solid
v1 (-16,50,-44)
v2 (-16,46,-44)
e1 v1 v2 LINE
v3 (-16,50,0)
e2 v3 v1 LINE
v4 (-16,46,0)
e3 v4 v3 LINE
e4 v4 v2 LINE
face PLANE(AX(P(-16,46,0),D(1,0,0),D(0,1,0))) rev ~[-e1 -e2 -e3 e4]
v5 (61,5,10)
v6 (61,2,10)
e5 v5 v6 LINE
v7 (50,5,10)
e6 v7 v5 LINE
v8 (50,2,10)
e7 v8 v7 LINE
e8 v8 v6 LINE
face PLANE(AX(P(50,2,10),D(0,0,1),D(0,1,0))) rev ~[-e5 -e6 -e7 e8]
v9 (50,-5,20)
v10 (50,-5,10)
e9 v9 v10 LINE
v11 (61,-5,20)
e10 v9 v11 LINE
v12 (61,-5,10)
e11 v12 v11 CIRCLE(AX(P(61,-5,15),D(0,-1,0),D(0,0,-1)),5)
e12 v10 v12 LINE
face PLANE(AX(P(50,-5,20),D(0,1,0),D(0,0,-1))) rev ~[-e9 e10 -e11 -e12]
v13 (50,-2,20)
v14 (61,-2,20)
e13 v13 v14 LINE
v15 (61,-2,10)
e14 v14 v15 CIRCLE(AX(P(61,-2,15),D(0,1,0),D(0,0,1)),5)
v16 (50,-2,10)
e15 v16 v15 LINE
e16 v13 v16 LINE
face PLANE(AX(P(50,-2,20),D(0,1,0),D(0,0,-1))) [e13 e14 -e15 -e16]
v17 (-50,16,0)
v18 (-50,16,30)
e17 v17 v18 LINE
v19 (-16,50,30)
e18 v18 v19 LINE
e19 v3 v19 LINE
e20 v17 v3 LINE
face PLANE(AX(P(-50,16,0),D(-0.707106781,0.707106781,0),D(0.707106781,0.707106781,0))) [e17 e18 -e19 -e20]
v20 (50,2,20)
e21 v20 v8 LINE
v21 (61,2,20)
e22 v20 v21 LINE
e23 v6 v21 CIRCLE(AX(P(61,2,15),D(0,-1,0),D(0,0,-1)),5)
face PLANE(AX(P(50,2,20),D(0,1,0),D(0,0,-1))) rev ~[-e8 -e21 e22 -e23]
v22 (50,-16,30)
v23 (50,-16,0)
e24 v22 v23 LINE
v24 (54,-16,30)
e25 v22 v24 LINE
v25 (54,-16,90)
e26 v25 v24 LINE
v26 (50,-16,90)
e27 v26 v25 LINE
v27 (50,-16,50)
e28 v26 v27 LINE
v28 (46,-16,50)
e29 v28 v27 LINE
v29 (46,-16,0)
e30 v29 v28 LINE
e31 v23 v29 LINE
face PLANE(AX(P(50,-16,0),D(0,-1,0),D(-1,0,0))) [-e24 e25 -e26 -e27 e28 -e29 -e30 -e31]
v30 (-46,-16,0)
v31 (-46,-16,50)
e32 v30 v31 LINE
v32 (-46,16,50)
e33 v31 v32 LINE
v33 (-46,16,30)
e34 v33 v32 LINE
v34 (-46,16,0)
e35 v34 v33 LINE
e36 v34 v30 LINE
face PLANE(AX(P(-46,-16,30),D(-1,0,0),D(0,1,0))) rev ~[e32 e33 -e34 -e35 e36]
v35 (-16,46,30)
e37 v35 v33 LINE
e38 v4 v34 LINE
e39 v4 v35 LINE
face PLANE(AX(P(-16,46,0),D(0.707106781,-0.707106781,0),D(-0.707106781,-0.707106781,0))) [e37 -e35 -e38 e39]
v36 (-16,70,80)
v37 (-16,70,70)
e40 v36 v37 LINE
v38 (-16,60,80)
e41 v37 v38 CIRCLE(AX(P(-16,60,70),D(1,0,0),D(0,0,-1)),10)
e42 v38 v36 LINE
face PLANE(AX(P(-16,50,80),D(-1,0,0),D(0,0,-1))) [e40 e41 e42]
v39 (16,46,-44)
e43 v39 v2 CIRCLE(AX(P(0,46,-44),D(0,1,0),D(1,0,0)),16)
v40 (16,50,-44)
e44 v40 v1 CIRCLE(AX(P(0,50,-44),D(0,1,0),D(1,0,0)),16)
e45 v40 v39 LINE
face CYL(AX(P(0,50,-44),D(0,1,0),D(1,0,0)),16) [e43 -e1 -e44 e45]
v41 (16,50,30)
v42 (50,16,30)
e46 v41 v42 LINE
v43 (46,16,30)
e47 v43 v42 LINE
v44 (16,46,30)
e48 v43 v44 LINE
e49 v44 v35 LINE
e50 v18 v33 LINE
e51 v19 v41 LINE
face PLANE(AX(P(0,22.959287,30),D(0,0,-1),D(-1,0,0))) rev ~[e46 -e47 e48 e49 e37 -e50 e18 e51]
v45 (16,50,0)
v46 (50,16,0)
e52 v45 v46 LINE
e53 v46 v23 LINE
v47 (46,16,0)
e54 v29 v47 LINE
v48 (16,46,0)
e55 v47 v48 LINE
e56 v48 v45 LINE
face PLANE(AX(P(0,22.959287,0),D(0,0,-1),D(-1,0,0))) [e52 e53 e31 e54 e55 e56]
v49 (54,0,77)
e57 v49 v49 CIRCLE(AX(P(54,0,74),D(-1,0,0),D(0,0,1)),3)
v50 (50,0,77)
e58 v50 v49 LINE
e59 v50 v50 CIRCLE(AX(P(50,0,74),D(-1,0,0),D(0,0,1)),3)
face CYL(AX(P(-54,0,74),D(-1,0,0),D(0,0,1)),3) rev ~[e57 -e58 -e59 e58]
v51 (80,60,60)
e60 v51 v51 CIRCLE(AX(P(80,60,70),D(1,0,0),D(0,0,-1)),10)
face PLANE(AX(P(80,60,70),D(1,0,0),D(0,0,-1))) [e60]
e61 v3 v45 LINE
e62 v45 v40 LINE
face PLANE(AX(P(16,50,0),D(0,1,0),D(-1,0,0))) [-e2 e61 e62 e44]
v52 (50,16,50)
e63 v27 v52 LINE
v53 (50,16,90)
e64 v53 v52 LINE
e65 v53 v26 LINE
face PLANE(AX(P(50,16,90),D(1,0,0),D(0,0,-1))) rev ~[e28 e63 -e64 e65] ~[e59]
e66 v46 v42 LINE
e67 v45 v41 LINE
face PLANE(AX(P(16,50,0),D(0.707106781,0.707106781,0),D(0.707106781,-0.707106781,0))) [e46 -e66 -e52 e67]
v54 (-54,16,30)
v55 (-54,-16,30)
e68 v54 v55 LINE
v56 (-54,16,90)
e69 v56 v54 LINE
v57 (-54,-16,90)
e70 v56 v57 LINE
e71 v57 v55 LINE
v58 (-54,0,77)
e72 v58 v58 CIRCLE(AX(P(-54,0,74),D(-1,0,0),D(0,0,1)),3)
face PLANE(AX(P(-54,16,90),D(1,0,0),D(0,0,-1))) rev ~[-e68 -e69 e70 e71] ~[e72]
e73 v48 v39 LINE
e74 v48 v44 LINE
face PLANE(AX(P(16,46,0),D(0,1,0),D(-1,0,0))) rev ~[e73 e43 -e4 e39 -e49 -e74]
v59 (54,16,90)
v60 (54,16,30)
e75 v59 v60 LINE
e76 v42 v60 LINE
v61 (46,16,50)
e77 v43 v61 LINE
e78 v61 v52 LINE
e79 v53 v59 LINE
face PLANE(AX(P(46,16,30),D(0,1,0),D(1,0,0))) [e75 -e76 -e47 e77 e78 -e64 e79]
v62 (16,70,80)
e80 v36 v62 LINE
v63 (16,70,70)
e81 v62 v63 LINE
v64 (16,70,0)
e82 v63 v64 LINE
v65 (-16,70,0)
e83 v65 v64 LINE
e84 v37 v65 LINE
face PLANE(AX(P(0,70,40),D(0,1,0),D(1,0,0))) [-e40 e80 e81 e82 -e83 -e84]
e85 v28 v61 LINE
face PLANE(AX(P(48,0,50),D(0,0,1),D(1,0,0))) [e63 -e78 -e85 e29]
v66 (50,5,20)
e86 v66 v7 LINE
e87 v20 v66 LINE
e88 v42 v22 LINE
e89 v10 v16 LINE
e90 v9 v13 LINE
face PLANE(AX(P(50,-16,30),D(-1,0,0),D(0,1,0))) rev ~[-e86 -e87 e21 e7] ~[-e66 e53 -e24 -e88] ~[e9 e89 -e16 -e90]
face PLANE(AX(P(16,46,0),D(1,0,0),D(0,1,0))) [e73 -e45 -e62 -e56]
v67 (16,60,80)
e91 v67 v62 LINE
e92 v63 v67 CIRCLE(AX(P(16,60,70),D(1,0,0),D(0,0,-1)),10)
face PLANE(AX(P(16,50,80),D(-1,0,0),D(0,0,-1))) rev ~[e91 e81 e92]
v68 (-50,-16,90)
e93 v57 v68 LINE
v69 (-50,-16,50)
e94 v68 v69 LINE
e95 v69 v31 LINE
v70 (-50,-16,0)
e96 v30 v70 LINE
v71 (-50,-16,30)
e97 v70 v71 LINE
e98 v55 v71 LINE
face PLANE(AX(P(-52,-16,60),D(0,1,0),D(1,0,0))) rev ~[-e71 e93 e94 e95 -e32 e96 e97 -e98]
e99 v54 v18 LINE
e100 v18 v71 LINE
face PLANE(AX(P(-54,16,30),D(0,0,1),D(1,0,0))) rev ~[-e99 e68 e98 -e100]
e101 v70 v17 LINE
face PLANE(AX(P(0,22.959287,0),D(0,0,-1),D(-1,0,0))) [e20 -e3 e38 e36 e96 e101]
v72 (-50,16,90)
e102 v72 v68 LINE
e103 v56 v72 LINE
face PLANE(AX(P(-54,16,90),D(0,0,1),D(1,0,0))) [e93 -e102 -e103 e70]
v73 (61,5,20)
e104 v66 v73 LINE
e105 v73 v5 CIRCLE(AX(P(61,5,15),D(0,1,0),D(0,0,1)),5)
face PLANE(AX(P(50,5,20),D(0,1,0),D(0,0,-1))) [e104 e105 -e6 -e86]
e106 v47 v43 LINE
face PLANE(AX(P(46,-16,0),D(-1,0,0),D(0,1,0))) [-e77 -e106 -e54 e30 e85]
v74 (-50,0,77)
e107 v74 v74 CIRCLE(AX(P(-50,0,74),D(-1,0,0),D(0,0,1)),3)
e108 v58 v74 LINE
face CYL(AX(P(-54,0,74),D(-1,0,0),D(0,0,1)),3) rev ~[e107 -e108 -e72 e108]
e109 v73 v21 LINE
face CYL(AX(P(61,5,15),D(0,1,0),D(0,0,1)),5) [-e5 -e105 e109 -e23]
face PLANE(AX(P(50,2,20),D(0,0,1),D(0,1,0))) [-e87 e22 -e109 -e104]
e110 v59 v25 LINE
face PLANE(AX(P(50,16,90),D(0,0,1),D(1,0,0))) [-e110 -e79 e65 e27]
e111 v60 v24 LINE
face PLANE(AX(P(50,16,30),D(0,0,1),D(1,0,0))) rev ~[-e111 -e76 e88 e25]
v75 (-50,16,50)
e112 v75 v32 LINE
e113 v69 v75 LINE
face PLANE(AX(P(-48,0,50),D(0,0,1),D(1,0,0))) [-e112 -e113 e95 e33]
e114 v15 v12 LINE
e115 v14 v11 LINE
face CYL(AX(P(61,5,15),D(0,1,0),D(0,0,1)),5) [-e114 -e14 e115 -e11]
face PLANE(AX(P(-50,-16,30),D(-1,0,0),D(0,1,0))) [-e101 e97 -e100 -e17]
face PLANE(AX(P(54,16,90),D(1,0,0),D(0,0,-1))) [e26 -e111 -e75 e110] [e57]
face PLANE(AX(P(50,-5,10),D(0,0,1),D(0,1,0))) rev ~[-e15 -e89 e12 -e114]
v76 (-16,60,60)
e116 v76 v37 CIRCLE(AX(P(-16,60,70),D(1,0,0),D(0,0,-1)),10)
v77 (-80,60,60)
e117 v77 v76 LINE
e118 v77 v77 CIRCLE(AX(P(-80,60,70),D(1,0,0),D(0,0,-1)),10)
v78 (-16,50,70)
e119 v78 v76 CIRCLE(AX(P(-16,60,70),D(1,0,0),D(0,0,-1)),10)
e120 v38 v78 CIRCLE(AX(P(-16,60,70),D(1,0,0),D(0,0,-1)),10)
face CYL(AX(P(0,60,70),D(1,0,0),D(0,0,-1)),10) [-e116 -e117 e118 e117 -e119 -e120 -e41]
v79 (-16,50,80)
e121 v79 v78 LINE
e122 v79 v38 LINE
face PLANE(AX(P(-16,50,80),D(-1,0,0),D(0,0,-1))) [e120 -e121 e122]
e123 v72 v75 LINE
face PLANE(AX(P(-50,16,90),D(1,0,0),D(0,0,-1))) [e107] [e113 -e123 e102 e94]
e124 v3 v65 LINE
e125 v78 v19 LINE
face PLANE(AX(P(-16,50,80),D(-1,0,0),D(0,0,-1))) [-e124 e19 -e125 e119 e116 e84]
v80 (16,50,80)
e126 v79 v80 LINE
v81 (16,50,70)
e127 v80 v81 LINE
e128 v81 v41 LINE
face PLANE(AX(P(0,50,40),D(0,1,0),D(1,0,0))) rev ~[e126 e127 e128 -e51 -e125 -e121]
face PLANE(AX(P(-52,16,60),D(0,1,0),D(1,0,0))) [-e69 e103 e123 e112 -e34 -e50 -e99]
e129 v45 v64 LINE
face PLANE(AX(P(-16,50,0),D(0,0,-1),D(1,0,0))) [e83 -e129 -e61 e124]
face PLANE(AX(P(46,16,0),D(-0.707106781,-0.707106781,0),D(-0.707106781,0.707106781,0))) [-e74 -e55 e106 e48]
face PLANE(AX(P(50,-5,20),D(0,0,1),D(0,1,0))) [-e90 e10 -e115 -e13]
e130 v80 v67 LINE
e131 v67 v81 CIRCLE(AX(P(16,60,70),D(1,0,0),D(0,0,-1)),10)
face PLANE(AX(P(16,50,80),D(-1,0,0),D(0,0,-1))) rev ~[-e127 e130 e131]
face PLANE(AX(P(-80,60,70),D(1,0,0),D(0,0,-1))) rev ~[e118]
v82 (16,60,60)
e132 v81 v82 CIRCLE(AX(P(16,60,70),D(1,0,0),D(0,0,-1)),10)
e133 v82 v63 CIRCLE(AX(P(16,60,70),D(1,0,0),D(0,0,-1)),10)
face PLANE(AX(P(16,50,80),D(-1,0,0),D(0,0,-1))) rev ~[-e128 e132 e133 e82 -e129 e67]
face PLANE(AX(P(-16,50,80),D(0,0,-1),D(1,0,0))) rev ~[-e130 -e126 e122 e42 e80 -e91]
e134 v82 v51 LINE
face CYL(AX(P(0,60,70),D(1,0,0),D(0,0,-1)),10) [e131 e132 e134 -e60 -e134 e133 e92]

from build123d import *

# Parameters (mm, degrees)
EXTRUDE_1_DEPTH     = 30
SKETCH_2_W          = 32
SKETCH_2_H          = 4
EXTRUDE_2_DEPTH     = 60
CUT_EXTRUDE_1_DEPTH = 30
SKETCH_6_W          = 4
SKETCH_6_H          = 32
EXTRUDE_4_DEPTH     = 20
SKETCH_7_W          = 4
SKETCH_7_H          = 60
EXTRUDE_5_DEPTH     = 32
SKETCH_8_R          = 3
CUT_EXTRUDE_3_DEPTH = 109
SKETCH_9_W          = 32
SKETCH_9_H          = 80
EXTRUDE_6_DEPTH     = 20
SKETCH_10_R         = 10
EXTRUDE_7_DEPTH     = 80
SKETCH_11_W         = 10
SKETCH_11_H         = 3
EXTRUDE_8_DEPTH     = 16
CUT_EXTRUDE_4_DEPTH = 16


with BuildPart() as part:
    # 草图1 → 凸台-拉伸1 (new body)
    with BuildSketch(Plane.XY):
        Polygon((-50, 16), (-16, 50), (16, 50), (50, 16), (50, -16), (46, -16), (46, 16), (16, 46), (-16, 46), (-46, 16), (-46, -16), (-50, -16), align=None)
    extrude(amount=EXTRUDE_1_DEPTH)

    # 草图2 → 凸台-拉伸2 (add)
    with BuildSketch(Plane(origin=(0, 0, 0), x_dir=(-1, 0, 0), z_dir=(0, 0, -1))):
        with Locations((0, 48)):
            Rectangle(SKETCH_2_W, SKETCH_2_H)
    extrude(amount=EXTRUDE_2_DEPTH)

    # 草图3 → 切除-拉伸1 (cut)
    with BuildSketch(Plane(origin=(0, 50, 0), x_dir=(1, 0, 0), z_dir=(0, 1, 0))):
        with BuildLine():
            Line((-16, 44), (-16, 67.226604698))
            Line((-16, 67.226604698), (16, 67.226604698))
            Line((16, 67.226604698), (16, 44))
            ThreePointArc((16, 44), (0, 60), (-16, 44))
        make_face()
    extrude(amount=-CUT_EXTRUDE_1_DEPTH, mode=Mode.SUBTRACT)

    # 草图6 → 凸台-拉伸4 (add)
    with BuildSketch(Plane.XY.offset(30)):
        with Locations((-48, 0)):
            Rectangle(SKETCH_6_W, SKETCH_6_H)
        with Locations((48, 0)):
            Rectangle(SKETCH_6_W, SKETCH_6_H)
    extrude(amount=EXTRUDE_4_DEPTH)

    # 草图7 → 凸台-拉伸5 (add)
    with BuildSketch(Plane(origin=(0, 16, 0), x_dir=(1, 0, 0), z_dir=(0, 1, 0))):
        with Locations((-52, -60)):
            Rectangle(SKETCH_7_W, SKETCH_7_H)
        with Locations((52, -60)):
            Rectangle(SKETCH_7_W, SKETCH_7_H)
    extrude(amount=-EXTRUDE_5_DEPTH)

    # 草图8 → 切除-拉伸3 (cut, through all)
    with BuildSketch(Plane.ZY.offset(54)):
        with Locations((74, 0)):
            Circle(SKETCH_8_R)
    extrude(amount=-CUT_EXTRUDE_3_DEPTH, mode=Mode.SUBTRACT)

    # 草图9 → 凸台-拉伸6 (add)
    with BuildSketch(Plane(origin=(0, 50, 0), x_dir=(1, 0, 0), z_dir=(0, 1, 0))):
        with Locations((0, -40)):
            Rectangle(SKETCH_9_W, SKETCH_9_H)
    extrude(amount=EXTRUDE_6_DEPTH)

    # 草图10 → 凸台-拉伸7 (add, symmetric)
    with BuildSketch(Plane(origin=(0, 0, 0), x_dir=(0, 0, -1), z_dir=(1, 0, 0))):
        with Locations((-70, 60)):
            Circle(SKETCH_10_R)
    extrude(amount=EXTRUDE_7_DEPTH, both=True)

    # 草图11 → 凸台-拉伸8 (add)
    with BuildSketch(Plane(origin=(50, 0, 0), x_dir=(0, 0, -1), z_dir=(1, 0, 0))):
        with Locations((-15, -3.5)):
            Rectangle(SKETCH_11_W, SKETCH_11_H)
        with Locations((-15, 3.5)):
            Rectangle(SKETCH_11_W, SKETCH_11_H)
    extrude(amount=EXTRUDE_8_DEPTH)

    # 草图12 → 切除-拉伸4 (cut)
    with BuildSketch(Plane(origin=(0, 5, 0), x_dir=(1, 0, 0), z_dir=(0, 1, 0))):
        with BuildLine():
            Line((61, -10), (68.714035349, -10))
            Line((68.714035349, -10), (68.714035349, -20))
            Line((68.714035349, -20), (61, -20))
            ThreePointArc((61, -20), (66, -15), (61, -10))
        make_face()
    extrude(amount=-CUT_EXTRUDE_4_DEPTH, mode=Mode.SUBTRACT)


solid = part.part
